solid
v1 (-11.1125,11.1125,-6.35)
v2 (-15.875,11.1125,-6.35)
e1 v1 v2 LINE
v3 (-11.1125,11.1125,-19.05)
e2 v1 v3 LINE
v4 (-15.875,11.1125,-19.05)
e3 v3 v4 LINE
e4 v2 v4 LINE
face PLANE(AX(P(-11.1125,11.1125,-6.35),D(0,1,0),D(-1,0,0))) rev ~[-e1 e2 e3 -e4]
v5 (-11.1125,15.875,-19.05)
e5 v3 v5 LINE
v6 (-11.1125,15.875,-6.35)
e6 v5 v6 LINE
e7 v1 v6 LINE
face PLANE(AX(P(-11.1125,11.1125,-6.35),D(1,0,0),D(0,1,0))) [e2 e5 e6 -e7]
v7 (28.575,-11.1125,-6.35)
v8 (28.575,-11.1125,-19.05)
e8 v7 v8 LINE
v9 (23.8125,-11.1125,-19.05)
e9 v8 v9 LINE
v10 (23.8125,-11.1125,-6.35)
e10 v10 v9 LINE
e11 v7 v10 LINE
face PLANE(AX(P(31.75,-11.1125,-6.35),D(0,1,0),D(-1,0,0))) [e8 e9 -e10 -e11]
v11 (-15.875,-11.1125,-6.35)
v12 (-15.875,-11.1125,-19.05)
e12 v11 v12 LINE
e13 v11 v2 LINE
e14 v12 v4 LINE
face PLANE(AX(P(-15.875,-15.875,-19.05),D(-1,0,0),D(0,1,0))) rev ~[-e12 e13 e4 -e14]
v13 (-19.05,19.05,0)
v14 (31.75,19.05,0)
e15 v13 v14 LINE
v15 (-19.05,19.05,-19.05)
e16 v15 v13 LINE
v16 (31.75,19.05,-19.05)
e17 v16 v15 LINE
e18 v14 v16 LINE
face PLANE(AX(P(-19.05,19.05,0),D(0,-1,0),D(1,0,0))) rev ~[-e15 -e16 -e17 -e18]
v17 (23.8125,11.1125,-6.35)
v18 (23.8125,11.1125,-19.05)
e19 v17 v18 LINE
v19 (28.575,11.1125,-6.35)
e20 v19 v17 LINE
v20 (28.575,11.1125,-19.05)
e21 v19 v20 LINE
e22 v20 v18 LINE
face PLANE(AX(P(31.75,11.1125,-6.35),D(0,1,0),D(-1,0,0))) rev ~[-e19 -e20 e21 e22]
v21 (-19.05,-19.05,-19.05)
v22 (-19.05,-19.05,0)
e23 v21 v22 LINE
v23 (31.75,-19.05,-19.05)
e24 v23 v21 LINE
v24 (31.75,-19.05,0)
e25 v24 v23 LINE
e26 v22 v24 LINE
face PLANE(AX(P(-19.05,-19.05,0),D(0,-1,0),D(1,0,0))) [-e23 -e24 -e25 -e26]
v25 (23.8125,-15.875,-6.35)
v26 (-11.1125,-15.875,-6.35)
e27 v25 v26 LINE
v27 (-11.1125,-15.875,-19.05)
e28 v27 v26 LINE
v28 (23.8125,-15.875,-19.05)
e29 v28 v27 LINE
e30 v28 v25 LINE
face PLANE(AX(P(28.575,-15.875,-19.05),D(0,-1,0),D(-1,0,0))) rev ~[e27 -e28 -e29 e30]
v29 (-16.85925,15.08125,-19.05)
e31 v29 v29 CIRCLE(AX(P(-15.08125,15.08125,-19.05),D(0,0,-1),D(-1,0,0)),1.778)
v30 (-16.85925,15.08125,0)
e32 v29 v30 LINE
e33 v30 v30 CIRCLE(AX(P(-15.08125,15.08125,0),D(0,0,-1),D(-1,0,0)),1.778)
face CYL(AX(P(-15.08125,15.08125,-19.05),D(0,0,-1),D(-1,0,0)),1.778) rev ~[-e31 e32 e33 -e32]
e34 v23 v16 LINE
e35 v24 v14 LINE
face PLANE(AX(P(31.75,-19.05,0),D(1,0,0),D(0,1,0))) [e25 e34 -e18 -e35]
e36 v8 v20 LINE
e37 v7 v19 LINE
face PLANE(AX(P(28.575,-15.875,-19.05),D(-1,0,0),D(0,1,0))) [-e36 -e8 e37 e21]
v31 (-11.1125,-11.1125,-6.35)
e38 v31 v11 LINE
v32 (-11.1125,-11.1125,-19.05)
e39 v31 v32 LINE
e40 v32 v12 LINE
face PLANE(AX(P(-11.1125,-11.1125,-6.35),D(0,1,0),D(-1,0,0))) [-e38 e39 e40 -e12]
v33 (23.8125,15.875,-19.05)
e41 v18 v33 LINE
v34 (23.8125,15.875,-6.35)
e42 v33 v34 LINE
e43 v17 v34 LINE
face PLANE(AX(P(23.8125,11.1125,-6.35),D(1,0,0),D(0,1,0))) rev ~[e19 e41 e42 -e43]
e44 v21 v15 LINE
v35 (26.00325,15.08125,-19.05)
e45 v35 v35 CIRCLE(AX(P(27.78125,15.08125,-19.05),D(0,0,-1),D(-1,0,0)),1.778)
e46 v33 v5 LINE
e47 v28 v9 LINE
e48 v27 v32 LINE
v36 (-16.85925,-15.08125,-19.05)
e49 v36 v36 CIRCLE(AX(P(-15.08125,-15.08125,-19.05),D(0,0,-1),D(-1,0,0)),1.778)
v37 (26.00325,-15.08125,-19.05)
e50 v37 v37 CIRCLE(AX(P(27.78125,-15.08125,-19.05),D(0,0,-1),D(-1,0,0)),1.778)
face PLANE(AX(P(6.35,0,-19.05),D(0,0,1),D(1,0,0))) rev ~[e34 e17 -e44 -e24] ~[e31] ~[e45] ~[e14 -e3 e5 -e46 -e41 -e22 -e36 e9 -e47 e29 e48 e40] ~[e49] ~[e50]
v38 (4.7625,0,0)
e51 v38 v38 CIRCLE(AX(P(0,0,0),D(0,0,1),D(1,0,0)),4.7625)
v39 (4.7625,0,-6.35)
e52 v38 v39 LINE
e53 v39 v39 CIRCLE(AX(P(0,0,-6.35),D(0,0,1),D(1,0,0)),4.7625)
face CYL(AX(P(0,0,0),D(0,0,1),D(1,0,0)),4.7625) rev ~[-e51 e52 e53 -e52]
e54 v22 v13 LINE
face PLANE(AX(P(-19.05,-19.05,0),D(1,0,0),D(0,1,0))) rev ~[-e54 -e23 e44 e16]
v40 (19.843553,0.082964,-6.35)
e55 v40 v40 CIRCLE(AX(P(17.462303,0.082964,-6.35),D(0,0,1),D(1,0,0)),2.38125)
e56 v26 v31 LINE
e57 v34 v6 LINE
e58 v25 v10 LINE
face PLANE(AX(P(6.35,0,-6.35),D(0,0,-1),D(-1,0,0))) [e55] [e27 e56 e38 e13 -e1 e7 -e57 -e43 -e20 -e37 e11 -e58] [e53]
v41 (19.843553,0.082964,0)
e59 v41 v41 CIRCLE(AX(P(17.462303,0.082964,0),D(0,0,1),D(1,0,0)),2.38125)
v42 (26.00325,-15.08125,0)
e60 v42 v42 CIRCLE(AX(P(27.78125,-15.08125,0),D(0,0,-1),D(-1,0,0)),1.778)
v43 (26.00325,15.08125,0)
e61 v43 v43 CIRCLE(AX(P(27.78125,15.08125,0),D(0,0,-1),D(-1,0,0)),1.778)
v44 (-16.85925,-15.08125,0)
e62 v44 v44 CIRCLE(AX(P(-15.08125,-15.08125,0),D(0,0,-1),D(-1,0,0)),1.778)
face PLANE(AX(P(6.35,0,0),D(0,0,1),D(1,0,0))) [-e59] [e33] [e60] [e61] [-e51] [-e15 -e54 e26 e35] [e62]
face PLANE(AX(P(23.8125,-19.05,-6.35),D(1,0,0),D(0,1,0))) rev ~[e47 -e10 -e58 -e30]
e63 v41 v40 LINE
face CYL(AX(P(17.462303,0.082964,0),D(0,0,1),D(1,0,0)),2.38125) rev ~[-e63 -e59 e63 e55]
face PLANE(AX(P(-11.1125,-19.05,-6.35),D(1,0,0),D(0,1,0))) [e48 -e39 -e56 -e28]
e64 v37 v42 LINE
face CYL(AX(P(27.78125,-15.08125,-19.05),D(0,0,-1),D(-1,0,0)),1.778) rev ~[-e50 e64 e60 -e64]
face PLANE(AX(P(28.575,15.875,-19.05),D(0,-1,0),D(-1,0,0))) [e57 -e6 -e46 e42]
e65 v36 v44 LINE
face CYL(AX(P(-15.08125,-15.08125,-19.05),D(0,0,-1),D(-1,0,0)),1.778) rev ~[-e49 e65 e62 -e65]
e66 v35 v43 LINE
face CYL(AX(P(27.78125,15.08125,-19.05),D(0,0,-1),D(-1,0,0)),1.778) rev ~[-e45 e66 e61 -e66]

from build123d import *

# Parameters (mm, degrees)
SKETCH1_W           = 50.8
SKETCH1_H           = 38.1
BOSS_EXTRUDE1_DEPTH = 19.05
SKETCH2_W           = 44.45
SKETCH2_H           = 31.75
CUT_EXTRUDE1_DEPTH  = 12.7
SKETCH3_R           = 4.7625
SKETCH3_R_2         = 2.38125
CUT_EXTRUDE2_DEPTH  = 42.639734629
SKETCH4_W           = 7.9375
SKETCH4_H           = 7.9375
BOSS_EXTRUDE2_DEPTH = 12.7
SKETCH5_R           = 1.778
CUT_EXTRUDE3_DEPTH  = 42.639734629


with BuildPart() as part:
    # Sketch1 → Boss-Extrude1 (new body)
    with BuildSketch(Plane.XY):
        with Locations((6.35, 0)):
            Rectangle(SKETCH1_W, SKETCH1_H)
    extrude(amount=-BOSS_EXTRUDE1_DEPTH)

    # Sketch2 → Cut-Extrude1 (cut)
    with BuildSketch(Plane(origin=(0, 0, -19.05), x_dir=(-1, 0, 0), z_dir=(0, 0, -1))):
        with Locations((-6.35, 0)):
            Rectangle(SKETCH2_W, SKETCH2_H)
    extrude(amount=-CUT_EXTRUDE1_DEPTH, mode=Mode.SUBTRACT)

    # Sketch3 → Cut-Extrude2 (cut, through all)
    with BuildSketch(Plane.XY):
        Circle(SKETCH3_R)
        with Locations((17.462302917, 0.082964446)):
            Circle(SKETCH3_R_2)
    extrude(amount=-CUT_EXTRUDE2_DEPTH, mode=Mode.SUBTRACT)

    # Sketch4 → Boss-Extrude2 (add)
    with BuildSketch(Plane(origin=(0, 0, -6.35), x_dir=(-1, 0, 0), z_dir=(0, 0, -1))):
        with Locations((-27.78125, 15.08125)):
            Rectangle(SKETCH4_W, SKETCH4_H)
        with Locations((15.08125, 15.08125)):
            Rectangle(SKETCH4_W, SKETCH4_H)
        with Locations((15.08125, -15.08125)):
            Rectangle(SKETCH4_W, SKETCH4_H)
        with Locations((-27.78125, -15.08125)):
            Rectangle(SKETCH4_W, SKETCH4_H)
    extrude(amount=BOSS_EXTRUDE2_DEPTH)

    # Sketch5 → Cut-Extrude3 (cut, through all)
    with BuildSketch(Plane(origin=(0, 0, -19.05), x_dir=(-1, 0, 0), z_dir=(0, 0, -1))):
        with Locations((-27.78125, 15.08125)):
            Circle(SKETCH5_R)
        with Locations((15.08125, 15.08125)):
            Circle(SKETCH5_R)
        with Locations((15.08125, -15.08125)):
            Circle(SKETCH5_R)
        with Locations((-27.78125, -15.08125)):
            Circle(SKETCH5_R)
    extrude(amount=-CUT_EXTRUDE3_DEPTH, mode=Mode.SUBTRACT)


solid = part.part
